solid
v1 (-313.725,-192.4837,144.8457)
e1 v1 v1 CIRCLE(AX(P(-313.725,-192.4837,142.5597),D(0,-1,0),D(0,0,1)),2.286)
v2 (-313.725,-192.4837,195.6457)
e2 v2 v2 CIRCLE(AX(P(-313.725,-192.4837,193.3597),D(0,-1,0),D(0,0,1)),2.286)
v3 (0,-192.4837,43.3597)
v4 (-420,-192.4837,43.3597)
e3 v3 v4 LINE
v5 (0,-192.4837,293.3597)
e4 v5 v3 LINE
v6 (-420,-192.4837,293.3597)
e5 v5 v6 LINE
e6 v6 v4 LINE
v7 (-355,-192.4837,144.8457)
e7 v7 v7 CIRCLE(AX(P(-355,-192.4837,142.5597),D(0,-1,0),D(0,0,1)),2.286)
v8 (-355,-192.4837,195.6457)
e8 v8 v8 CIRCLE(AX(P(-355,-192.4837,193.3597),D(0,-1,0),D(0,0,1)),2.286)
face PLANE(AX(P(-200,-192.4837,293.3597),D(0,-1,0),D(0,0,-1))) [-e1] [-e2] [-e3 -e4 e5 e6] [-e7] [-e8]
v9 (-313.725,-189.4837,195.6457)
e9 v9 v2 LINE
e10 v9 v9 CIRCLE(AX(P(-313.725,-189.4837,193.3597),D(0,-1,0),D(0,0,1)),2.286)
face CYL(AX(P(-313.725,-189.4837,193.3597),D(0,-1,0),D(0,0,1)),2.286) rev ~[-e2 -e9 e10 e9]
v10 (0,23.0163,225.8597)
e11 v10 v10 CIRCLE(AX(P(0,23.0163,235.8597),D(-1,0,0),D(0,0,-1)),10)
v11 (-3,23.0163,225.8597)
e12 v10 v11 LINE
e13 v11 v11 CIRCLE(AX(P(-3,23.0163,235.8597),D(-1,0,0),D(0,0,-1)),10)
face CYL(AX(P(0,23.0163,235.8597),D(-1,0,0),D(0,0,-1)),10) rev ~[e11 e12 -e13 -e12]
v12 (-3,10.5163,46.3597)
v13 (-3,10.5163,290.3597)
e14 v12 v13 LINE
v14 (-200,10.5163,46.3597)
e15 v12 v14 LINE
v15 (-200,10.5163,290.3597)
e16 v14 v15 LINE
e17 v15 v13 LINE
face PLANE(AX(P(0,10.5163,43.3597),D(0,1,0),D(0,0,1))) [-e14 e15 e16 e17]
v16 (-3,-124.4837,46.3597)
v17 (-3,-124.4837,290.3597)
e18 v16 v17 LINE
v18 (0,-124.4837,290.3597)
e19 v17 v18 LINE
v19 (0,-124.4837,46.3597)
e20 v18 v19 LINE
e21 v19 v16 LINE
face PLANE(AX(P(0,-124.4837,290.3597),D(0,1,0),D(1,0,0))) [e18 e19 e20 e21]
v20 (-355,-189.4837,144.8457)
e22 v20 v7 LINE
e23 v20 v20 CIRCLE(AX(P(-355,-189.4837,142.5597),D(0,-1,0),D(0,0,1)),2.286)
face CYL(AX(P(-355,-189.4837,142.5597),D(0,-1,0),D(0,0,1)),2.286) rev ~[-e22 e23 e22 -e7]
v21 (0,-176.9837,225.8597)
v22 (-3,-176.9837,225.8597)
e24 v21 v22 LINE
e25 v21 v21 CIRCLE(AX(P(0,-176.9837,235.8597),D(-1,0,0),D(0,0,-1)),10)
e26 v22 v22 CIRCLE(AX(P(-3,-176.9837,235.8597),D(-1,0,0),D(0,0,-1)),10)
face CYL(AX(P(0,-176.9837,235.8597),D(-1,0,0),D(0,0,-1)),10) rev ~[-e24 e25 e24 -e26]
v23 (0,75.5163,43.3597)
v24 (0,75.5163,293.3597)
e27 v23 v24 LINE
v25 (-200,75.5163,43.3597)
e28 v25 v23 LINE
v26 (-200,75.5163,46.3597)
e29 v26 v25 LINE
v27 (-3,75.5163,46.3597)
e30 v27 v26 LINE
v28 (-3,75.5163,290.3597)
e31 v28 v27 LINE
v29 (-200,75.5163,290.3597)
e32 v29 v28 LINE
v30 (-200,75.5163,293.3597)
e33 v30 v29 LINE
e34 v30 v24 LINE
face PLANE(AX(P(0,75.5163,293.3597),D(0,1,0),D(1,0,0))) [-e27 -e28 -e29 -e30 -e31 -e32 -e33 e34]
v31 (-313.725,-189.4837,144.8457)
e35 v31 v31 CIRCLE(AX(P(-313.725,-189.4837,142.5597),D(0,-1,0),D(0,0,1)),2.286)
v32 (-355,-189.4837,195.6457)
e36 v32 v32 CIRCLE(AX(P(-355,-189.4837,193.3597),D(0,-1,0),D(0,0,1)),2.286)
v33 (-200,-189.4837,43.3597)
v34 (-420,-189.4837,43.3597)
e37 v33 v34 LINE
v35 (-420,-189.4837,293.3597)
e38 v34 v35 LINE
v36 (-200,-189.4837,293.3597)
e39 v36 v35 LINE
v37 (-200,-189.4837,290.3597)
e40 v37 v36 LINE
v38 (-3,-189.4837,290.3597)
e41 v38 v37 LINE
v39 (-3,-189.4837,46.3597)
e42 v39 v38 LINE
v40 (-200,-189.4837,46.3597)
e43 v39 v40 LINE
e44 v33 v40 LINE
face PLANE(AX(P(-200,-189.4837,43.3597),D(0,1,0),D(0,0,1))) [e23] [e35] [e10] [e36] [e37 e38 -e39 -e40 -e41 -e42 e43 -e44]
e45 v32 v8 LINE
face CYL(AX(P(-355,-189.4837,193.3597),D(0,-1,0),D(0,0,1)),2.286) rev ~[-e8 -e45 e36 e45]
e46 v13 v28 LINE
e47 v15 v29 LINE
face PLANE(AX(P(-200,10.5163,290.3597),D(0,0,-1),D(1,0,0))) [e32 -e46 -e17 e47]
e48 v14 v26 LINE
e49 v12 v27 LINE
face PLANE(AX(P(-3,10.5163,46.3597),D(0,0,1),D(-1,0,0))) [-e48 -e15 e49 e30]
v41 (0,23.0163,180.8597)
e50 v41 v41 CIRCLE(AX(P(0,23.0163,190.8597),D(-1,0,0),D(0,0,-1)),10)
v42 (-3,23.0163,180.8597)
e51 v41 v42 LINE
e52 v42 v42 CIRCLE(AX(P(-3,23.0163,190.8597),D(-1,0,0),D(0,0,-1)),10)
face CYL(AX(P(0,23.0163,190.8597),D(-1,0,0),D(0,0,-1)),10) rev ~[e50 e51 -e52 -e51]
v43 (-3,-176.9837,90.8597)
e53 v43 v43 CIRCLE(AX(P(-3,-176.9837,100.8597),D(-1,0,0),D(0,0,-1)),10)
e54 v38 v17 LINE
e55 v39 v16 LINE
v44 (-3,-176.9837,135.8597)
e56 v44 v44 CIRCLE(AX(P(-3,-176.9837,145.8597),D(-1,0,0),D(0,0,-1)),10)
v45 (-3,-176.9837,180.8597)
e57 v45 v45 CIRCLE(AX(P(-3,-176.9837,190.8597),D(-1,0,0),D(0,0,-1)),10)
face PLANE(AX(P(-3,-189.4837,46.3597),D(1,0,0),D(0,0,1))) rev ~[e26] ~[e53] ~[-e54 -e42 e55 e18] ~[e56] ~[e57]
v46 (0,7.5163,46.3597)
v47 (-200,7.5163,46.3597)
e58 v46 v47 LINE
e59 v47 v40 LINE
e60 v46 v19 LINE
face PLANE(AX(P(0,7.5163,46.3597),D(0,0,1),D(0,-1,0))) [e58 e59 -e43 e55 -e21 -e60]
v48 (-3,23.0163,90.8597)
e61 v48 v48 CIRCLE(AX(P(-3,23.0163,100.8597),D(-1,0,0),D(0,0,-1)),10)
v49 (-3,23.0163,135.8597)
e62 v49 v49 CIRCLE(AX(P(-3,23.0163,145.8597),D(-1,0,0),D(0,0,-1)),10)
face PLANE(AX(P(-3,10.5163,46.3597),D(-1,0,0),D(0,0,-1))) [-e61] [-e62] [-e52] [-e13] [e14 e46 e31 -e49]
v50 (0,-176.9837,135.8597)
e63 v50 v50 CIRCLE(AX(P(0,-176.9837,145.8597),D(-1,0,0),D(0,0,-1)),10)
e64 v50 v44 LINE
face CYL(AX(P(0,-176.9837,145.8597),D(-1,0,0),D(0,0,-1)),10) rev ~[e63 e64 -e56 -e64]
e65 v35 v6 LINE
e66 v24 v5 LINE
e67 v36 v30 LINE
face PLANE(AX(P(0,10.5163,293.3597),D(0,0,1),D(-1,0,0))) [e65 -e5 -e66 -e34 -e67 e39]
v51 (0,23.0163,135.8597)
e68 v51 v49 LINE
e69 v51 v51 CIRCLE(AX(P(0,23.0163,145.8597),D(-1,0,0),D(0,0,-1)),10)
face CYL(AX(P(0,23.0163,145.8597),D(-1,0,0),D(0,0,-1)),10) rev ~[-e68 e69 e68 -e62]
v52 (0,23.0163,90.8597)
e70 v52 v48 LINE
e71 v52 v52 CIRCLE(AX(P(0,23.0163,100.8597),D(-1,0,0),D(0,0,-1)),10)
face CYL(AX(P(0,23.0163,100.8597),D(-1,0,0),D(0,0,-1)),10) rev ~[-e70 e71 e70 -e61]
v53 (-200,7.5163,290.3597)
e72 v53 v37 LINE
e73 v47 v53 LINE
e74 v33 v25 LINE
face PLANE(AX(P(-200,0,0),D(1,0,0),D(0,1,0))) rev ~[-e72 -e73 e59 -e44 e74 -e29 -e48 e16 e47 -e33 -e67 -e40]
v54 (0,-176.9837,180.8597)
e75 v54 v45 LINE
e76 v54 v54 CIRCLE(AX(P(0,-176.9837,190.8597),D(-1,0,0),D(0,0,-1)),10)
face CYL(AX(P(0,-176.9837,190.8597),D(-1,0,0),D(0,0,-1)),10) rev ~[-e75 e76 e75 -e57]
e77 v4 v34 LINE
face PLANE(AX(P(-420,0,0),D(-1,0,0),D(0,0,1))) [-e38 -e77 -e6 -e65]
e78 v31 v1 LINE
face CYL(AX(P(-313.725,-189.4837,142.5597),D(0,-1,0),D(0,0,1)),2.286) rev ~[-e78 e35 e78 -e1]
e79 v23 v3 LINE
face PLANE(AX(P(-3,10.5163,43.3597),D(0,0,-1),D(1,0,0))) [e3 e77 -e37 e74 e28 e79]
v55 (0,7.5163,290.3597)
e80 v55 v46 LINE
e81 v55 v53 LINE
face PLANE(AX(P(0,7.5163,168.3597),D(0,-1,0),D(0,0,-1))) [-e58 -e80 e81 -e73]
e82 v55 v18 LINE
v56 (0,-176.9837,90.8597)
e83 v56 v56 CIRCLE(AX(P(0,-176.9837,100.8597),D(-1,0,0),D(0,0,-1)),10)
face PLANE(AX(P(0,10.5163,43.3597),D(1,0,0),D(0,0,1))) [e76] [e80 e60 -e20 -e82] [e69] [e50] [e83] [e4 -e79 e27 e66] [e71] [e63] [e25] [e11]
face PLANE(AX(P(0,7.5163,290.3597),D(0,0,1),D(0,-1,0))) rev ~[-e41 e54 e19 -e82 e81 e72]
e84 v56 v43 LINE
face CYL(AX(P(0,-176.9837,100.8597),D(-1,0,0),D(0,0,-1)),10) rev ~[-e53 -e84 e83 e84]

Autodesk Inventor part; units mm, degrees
ref_plane "YZ Plane" through (0, 0, 0) normal (1, 0, 0) x (0, 1, 0)
ref_plane "XZ Plane" through (0, 0, 0) normal (0, 1, 0) x (-1, 0, 0)
ref_plane "XY Plane" through (0, 0, 0) normal (0, 0, 1) x (1, 0, 0)
sketch "Sketch1" plane through (0, 0, 0) normal (1, 0, 0) x (0, 1, 0)
  line L0 (10.5163, 293.3597) -> (7.5163, 293.3597)
  line L1 (7.5163, 293.3597) -> (7.5163, 43.3597)
  line L2 (7.5163, 43.3597) -> (10.5163, 43.3597)
  line L3 (10.5163, 43.3597) -> (10.5163, 293.3597)
  line L4 (10.5163, 293.3597) -> (7.5163, 43.3597) construction
  line L5 (7.5163, 293.3597) -> (10.5163, 43.3597) construction
  line L6 (7.5163, 46.3597) -> (-192.4837, 46.3597)
  line L7 (-192.4837, 46.3597) -> (-192.4837, 43.3597)
  line L8 (-192.4837, 43.3597) -> (7.5163, 43.3597)
  line L9 (7.5163, 43.3597) -> (7.5163, 46.3597)
  line L10 (7.5163, 46.3597) -> (-192.4837, 43.3597) construction
  line L11 (-192.4837, 46.3597) -> (7.5163, 43.3597) construction
  line L12 (7.5163, 168.3597) -> (-42.4837, 168.3597)
  line L13 (7.5163, 168.3597) -> (57.5163, 168.3597) construction
  line L14 (7.5163, 290.3597) -> (-192.4837, 290.3597)
  line L15 (-192.4837, 290.3597) -> (-192.4837, 293.3597)
  line L16 (-192.4837, 293.3597) -> (7.5163, 293.3597)
  line L17 (7.5163, 290.3597) -> (-192.4837, 293.3597) construction
  line L18 (-192.4837, 290.3597) -> (7.5163, 293.3597) construction
  line L19 (-189.4837, 290.3597) -> (-192.4837, 290.3597)
  line L20 (-192.4837, 290.3597) -> (-192.4837, 46.3597)
  line L21 (-192.4837, 46.3597) -> (-189.4837, 46.3597)
  line L22 (-189.4837, 46.3597) -> (-189.4837, 290.3597)
  line L23 (-189.4837, 290.3597) -> (-192.4837, 46.3597) construction
  line L24 (-192.4837, 290.3597) -> (-189.4837, 46.3597) construction
  point P0 (0, 0)
  point P1 (9.0163, 168.3597)
  point P2 (-92.4837, 44.8597)
  point P3 (-92.4837, 291.8597)
  point P4 (-189.2359, -83.872)
  point P5 (7.5163, 290.3597)
  point P6 (7.5163, 46.3597)
  point P7 (-190.9837, 168.3597)
  point P8 (-189.4837, 46.3597)
  point P9 (-189.4837, 290.3597)
  dimension "d0" = 3
  dimension "d1" = 250
  dimension "d2" = 200
  dimension "d3" = 3
  dimension "d4" = 50
  dimension "d5" = 180
  dimension "d19" = 244
extrude "Extrusion1" add sketch "Sketch1" against normal blind 200 contours L3 L2 L1 L0 | L1 L14 L15 L16 | L8 L7 L6 L1 | L22 L6 L20 L14
sketch "Sketch3" plane through (-200, 0, 0) normal (-1, 0, 0) x (0, 0, 1)
  line L0 (43.3597, -189.4837) -> (293.3597, -189.4837)
  line L1 (293.3597, -189.4837) -> (293.3597, -192.4837)
  line L2 (293.3597, -192.4837) -> (43.3597, -192.4837)
  line L3 (43.3597, -192.4837) -> (43.3597, -189.4837)
  line L4 (43.3597, -189.4837) -> (293.3597, -192.4837) construction
  line L5 (293.3597, -189.4837) -> (43.3597, -192.4837) construction
  line L6 (46.3597, -189.4837) -> (290.3597, -189.4837) projected
  line L7 (290.3597, -189.4837) -> (46.3597, -189.4837)
  line L8 (290.3597, -189.4837) -> (534.3597, -189.4837) construction
  point P0 (0, 0)
  point P1 (168.3597, -190.9837)
  point P2 (168.3597, -189.4837)
  dimension "d20" = 250
  dimension "d21" = 3
  dimension "d22" = 244
  dimension "d23" = 180
extrude "Extrusion3" add sketch "Sketch3" along normal blind 220
sketch "Sketch7" plane through (0, -189.4837, 290.3597) normal (0, 1, 0) x (1, 0, 0)
  line L0 (-200, 247) -> (-420, 247) projected
  line L1 (-200, -3) -> (-420, -3) projected
  line L2 (-420, -3) -> (-420, 247) projected
  point P0 (0, 290.3597)
  point P1 (-355, 97)
  point P2 (-355, 147.8)
  point P3 (-313.725, 147.8)
  point P4 (-313.725, 97)
  point P5 (-200, 244)
  point P6 (-200, 0)
  point P7 (-350, 369)
  point P8 (-350, -125)
  dimension "d53" = 50.8
  dimension "d54" = 50.8
  dimension "d55" = 41.275
  dimension "d56" = 41.275
  dimension "d59" = 100
  dimension "d60" = 100
  dimension "d61" = 65
  dimension "d62" = 65
hole "Hole1" at (-355, -189.4837, 193.3597) at (-355, -189.4837, 142.5597) at (-313.725, -189.4837, 142.5597) at (-313.725, -189.4837, 193.3597) direction (0, -1, 0) diameter 4.572 depth 26 tip angle 118
sketch "Sketch8" plane through (0, 10.5163, 293.3597) normal (0, 1, 0) x (1, 0, 0)
  line L0 (-3, 250) -> (0, 250)
  line L1 (0, 250) -> (0, 0)
  line L2 (0, 0) -> (-3, 0)
  line L3 (-3, 0) -> (-3, 250)
  line L4 (-3, 250) -> (0, 0) construction
  line L5 (0, 250) -> (-3, 0) construction
  line L6 (0, 250) -> (0, 0) projected
  line L7 (-200, 250) -> (-3, 250)
  line L8 (-3, 250) -> (-3, 247)
  line L9 (-3, 247) -> (-200, 247)
  line L10 (-200, 247) -> (-200, 250)
  line L11 (-200, 250) -> (-3, 247) construction
  line L12 (-3, 250) -> (-200, 247) construction
  line L13 (-200, 3) -> (-3, 3)
  line L14 (-3, 3) -> (-3, 0)
  line L15 (-3, 0) -> (-200, 0)
  line L16 (-200, 0) -> (-200, 3)
  line L17 (-200, 3) -> (-3, 0) construction
  line L18 (-3, 3) -> (-200, 0) construction
  point P0 (0, 293.3597)
  point P1 (-1.5, 125)
  point P2 (0, 125)
  point P3 (-101.5, 248.5)
  point P4 (-101.5, 1.5)
  point P5 (-3, 3)
  dimension "d63" = 3
  dimension "d64" = 250
  dimension "d82" = 197
  dimension "d83" = 3
  dimension "d84" = 197
  dimension "d85" = 3
extrude "Extrusion7" add sketch "Sketch8" along normal blind 65 contours L0 L1 L2 L3
sketch "Sketch9" plane through (0, 0, 0) normal (1, 0, 0) x (0, 0, -1)
  line L0 (-293.3597, 10.5163) -> (-43.3597, 10.5163) projected
  line L1 (-293.3597, 75.5163) -> (-293.3597, -192.4837) projected
  point P0 (0, 0)
  point P1 (-235.8597, 23.0163)
  point P2 (-190.8597, 23.0163)
  point P3 (-145.8597, 23.0163)
  point P4 (-100.8597, 23.0163)
  dimension "d74" = 12.5
  dimension "d75" = 12.5
  dimension "d76" = 12.5
  dimension "d77" = 12.5
  dimension "d78" = 45
  dimension "d79" = 45
  dimension "d80" = 45
  dimension "d81" = 57.5
hole "Hole2" at (0, 23.0163, 235.8597) at (0, 23.0163, 190.8597) at (0, 23.0163, 145.8597) at (0, 23.0163, 100.8597) direction (-1, 0, 0) diameter 20 depth 26 tip angle 118
extrude "Extrusion8" add sketch "Sketch8" along normal blind 65 contours L3 L9 L10 L7 | L3 L15 L16 L13
sketch "Sketch10" plane through (0, -189.4837, 290.3597) normal (0, 1, 0) x (1, 0, 0)
  line L0 (-3, 0) -> (0, 0)
  line L1 (0, 0) -> (0, 244)
  line L2 (0, 244) -> (-3, 244)
  line L3 (-3, 244) -> (-3, 0)
  line L4 (-3, 0) -> (0, 244) construction
  line L5 (0, 0) -> (-3, 244) construction
  line L6 (0, 244) -> (0, 0) projected
  point P0 (0, 290.3597)
  point P1 (-1.5, 122)
  point P2 (0, 122)
  dimension "d89" = 3
  dimension "d90" = 244
extrude "Extrusion9" add sketch "Sketch10" along normal blind 65
sketch "Sketch11" plane through (0, 0, 0) normal (1, 0, 0) x (0, 0, -1)
  line L0 (-290.3597, -189.4837) -> (-46.3597, -189.4837) projected
  line L1 (-293.3597, 75.5163) -> (-293.3597, -192.4837) projected
  point P0 (0, 0)
  point P1 (-235.8597, -176.9837)
  point P2 (-190.8597, -176.9837)
  point P3 (-145.8597, -176.9837)
  point P4 (-100.8597, -176.9837)
  dimension "d100" = 12.5
  dimension "d101" = 12.5
  dimension "d102" = 12.5
  dimension "d103" = 12.5
  dimension "d104" = 57.5
  dimension "d105" = 45
  dimension "d106" = 45
  dimension "d107" = 45
hole "Hole3" at (0, -176.9837, 235.8597) at (0, -176.9837, 190.8597) at (0, -176.9837, 145.8597) at (0, -176.9837, 100.8597) direction (-1, 0, 0) diameter 20 depth 26 tip angle 118
properties part number "Valves_Pump Holder"
